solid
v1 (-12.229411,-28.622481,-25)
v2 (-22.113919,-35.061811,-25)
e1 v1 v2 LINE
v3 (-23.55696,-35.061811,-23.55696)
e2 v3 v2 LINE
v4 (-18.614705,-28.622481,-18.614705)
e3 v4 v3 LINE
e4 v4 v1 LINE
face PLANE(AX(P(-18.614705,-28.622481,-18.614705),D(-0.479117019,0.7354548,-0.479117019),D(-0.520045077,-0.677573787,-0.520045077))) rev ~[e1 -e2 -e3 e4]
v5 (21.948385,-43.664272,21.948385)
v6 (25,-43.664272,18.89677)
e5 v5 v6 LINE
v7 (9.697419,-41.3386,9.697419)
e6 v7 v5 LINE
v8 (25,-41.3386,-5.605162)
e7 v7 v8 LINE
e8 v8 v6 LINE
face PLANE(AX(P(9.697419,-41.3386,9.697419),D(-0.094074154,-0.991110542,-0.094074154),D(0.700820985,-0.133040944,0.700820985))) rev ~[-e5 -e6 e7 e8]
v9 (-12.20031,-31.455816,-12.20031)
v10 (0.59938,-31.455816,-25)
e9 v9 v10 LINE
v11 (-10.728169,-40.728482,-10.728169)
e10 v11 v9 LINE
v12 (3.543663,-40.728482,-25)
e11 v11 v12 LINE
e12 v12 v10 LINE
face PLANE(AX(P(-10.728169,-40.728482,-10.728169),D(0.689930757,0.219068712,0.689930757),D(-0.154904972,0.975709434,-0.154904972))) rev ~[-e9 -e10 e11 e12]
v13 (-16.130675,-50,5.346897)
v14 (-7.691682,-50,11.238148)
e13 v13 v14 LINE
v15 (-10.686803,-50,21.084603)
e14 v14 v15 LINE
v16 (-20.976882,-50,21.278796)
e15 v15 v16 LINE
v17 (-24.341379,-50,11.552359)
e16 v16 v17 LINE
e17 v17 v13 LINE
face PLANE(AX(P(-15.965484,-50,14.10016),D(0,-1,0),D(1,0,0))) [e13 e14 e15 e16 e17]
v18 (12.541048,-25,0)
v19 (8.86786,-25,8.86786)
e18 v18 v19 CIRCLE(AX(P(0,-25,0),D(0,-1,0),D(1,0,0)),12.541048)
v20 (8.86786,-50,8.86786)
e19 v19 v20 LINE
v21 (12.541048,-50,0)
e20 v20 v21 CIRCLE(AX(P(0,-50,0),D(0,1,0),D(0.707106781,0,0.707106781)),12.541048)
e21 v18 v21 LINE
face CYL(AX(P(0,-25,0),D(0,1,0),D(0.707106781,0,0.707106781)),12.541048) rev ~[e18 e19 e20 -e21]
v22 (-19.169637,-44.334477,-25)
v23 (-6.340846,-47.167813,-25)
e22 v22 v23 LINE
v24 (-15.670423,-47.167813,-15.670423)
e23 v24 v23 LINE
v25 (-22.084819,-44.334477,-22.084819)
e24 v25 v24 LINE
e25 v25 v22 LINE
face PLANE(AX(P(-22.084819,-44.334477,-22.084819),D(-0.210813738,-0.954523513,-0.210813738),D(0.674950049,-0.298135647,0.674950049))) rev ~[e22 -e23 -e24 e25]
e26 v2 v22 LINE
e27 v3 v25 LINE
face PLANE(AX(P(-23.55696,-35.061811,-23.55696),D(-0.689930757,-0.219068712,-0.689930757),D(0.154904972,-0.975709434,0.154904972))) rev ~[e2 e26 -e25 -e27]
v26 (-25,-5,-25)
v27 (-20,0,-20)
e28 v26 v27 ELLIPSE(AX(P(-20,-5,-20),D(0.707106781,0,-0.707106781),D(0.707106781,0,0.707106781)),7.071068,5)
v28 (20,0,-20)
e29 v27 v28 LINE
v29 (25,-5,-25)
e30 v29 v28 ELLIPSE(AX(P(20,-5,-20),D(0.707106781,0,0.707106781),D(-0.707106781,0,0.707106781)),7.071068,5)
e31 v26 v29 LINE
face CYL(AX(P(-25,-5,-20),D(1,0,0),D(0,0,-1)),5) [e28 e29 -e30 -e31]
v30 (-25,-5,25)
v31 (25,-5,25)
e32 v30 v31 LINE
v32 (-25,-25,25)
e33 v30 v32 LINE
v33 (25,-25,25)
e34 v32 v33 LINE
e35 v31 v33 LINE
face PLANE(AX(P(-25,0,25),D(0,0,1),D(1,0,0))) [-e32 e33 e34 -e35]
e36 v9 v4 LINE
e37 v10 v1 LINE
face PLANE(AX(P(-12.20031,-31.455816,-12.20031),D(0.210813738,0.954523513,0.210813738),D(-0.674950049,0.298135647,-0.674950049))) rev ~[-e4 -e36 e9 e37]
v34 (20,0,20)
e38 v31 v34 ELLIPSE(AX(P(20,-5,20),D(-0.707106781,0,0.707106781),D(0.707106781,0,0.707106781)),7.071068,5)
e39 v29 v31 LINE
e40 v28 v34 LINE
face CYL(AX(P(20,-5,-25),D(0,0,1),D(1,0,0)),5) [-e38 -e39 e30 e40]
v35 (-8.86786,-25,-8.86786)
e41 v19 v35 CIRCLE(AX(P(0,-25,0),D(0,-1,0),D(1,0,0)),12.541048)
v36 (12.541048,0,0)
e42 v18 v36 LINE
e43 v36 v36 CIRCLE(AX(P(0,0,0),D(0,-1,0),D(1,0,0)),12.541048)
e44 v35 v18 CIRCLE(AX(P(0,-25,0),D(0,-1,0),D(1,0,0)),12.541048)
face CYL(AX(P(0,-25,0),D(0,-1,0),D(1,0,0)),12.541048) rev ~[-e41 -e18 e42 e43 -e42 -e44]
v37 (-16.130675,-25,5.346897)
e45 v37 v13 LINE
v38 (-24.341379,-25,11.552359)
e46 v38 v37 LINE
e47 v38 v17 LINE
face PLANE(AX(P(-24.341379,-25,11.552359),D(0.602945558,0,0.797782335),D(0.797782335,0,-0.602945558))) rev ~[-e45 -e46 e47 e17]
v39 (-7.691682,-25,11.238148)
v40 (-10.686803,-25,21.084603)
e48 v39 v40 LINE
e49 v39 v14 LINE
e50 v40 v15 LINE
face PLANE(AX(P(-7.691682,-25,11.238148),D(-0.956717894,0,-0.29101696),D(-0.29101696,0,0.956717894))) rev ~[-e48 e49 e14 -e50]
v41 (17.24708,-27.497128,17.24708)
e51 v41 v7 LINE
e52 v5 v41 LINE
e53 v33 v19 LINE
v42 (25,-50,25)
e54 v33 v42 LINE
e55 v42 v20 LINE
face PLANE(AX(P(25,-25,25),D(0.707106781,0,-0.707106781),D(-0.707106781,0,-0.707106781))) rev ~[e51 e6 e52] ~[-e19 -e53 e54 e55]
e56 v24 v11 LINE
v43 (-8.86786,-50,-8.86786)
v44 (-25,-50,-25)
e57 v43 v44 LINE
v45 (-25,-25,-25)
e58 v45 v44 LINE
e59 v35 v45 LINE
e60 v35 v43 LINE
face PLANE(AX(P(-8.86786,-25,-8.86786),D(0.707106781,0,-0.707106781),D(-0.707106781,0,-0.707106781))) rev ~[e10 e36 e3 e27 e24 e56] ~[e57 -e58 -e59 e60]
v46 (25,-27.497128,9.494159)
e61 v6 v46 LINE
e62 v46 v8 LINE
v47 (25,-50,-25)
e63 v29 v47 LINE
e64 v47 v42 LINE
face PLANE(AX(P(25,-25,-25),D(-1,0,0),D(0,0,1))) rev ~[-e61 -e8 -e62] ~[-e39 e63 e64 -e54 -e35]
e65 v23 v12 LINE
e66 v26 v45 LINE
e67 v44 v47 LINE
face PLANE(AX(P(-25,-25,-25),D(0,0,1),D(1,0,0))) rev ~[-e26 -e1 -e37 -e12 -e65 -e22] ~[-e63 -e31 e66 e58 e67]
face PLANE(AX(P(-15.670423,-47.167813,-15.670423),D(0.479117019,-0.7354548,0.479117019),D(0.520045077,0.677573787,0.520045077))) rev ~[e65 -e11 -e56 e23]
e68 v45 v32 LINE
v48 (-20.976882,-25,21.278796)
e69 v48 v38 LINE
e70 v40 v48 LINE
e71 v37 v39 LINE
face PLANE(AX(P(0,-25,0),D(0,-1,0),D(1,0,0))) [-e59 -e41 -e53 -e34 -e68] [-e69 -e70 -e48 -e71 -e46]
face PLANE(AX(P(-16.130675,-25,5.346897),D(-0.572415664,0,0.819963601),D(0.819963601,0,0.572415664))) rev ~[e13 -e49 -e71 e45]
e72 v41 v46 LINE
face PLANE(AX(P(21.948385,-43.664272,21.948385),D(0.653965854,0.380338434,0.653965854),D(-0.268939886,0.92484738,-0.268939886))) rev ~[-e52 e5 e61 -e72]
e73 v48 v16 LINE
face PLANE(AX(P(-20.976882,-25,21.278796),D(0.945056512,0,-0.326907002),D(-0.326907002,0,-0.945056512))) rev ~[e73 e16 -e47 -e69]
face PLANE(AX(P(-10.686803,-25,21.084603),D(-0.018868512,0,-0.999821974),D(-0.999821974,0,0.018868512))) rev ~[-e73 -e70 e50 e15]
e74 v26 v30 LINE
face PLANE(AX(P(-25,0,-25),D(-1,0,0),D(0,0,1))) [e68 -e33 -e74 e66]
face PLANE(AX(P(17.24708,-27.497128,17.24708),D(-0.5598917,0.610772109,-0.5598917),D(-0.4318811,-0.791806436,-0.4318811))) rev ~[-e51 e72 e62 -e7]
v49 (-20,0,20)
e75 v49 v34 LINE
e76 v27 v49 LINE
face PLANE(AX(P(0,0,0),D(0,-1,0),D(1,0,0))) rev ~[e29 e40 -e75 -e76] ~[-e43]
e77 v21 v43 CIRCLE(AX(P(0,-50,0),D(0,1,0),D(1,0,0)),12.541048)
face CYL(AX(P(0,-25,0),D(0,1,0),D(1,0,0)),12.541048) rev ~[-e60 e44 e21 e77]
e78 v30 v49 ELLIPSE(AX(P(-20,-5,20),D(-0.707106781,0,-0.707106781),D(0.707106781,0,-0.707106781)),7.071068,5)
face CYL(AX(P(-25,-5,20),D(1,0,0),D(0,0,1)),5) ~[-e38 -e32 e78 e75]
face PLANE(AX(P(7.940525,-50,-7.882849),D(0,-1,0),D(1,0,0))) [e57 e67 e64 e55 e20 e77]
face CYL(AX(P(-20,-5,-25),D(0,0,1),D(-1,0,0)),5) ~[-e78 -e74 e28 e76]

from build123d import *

# Parameters (mm, degrees)
F0_W     = 50
F0_H     = 50
F1_DEPTH = 25
F2_R     = 12.5410475497
F3_DEPTH = 25
F5_DEPTH = 25
F7_DEPTH = 50
F9_DEPTH = 25
F10_R    = 5


with BuildPart() as f1:
    # F0 (on Front) → F1 (new body)
    with BuildSketch(Plane.XZ):
        Rectangle(F0_W, F0_H)
    extrude(amount=F1_DEPTH)

    # F2 (on face) → F3 (cut)
    with BuildSketch(Plane.XZ.offset(25)):
        Circle(F2_R)
    extrude(amount=-F3_DEPTH, mode=Mode.SUBTRACT)

    # F4 (on face) → F5 (join)
    with BuildSketch(Plane.XZ.offset(25)):
        with BuildLine():
            Line((-8.8678597656, -8.8678597656), (-25, -25))
            Line((-25, -25), (25, -25))
            Line((25, -25), (25, 25))
            Line((25, 25), (8.8678597656, 8.8678597656))
            ThreePointArc((8.8678597656, 8.8678597656), (11.5864171474, 4.7992511218), (12.5410475497, 0))
            ThreePointArc((12.5410475497, 0), (4.7992511218, -11.5864171474), (-8.8678597656, -8.8678597656))
        make_face()
    extrude(amount=F5_DEPTH)

    # F6 (on face) → F7 (cut)
    with BuildSketch(Plane(origin=(0, 0, 0), x_dir=(0, -1, 0), z_dir=(-0.7071067812, 0, 0.7071067812))):
        Polygon((28.62248093, -26.3251687907), (35.0618112076, -33.3145719446), (44.3344770349, -31.2326499178), (47.1678125847, -22.1613247372), (40.7284823072, -15.1719215833), (31.4558164798, -17.2538436101), align=None)
        Polygon((27.4971282132, 24.391054001), (41.3385996573, 13.714221481), (43.6642721295, 31.0397036374), align=None)
    extrude(amount=-F7_DEPTH, mode=Mode.SUBTRACT)

    # F8 (on face) → F9 (join)
    with BuildSketch(Plane.XZ.offset(25)):
        Polygon((-20.9768815232, 21.2787960948), (-24.3413792657, 11.5523586689), (-16.1306745515, 5.3468967076), (-7.691682224, 11.2381477254), (-10.6868028491, 21.084603052), align=None)
    extrude(amount=F9_DEPTH)

    # F10
    f10_edges = [f1.edges().sort_by_distance(p)[0] for p in [
        (25, 0, 0),
        (0, 0, 25),
        (-25, 0, 0),
        (0, 0, -25),
    ]]
    fillet(f10_edges, radius=F10_R)


solid = f1.part
